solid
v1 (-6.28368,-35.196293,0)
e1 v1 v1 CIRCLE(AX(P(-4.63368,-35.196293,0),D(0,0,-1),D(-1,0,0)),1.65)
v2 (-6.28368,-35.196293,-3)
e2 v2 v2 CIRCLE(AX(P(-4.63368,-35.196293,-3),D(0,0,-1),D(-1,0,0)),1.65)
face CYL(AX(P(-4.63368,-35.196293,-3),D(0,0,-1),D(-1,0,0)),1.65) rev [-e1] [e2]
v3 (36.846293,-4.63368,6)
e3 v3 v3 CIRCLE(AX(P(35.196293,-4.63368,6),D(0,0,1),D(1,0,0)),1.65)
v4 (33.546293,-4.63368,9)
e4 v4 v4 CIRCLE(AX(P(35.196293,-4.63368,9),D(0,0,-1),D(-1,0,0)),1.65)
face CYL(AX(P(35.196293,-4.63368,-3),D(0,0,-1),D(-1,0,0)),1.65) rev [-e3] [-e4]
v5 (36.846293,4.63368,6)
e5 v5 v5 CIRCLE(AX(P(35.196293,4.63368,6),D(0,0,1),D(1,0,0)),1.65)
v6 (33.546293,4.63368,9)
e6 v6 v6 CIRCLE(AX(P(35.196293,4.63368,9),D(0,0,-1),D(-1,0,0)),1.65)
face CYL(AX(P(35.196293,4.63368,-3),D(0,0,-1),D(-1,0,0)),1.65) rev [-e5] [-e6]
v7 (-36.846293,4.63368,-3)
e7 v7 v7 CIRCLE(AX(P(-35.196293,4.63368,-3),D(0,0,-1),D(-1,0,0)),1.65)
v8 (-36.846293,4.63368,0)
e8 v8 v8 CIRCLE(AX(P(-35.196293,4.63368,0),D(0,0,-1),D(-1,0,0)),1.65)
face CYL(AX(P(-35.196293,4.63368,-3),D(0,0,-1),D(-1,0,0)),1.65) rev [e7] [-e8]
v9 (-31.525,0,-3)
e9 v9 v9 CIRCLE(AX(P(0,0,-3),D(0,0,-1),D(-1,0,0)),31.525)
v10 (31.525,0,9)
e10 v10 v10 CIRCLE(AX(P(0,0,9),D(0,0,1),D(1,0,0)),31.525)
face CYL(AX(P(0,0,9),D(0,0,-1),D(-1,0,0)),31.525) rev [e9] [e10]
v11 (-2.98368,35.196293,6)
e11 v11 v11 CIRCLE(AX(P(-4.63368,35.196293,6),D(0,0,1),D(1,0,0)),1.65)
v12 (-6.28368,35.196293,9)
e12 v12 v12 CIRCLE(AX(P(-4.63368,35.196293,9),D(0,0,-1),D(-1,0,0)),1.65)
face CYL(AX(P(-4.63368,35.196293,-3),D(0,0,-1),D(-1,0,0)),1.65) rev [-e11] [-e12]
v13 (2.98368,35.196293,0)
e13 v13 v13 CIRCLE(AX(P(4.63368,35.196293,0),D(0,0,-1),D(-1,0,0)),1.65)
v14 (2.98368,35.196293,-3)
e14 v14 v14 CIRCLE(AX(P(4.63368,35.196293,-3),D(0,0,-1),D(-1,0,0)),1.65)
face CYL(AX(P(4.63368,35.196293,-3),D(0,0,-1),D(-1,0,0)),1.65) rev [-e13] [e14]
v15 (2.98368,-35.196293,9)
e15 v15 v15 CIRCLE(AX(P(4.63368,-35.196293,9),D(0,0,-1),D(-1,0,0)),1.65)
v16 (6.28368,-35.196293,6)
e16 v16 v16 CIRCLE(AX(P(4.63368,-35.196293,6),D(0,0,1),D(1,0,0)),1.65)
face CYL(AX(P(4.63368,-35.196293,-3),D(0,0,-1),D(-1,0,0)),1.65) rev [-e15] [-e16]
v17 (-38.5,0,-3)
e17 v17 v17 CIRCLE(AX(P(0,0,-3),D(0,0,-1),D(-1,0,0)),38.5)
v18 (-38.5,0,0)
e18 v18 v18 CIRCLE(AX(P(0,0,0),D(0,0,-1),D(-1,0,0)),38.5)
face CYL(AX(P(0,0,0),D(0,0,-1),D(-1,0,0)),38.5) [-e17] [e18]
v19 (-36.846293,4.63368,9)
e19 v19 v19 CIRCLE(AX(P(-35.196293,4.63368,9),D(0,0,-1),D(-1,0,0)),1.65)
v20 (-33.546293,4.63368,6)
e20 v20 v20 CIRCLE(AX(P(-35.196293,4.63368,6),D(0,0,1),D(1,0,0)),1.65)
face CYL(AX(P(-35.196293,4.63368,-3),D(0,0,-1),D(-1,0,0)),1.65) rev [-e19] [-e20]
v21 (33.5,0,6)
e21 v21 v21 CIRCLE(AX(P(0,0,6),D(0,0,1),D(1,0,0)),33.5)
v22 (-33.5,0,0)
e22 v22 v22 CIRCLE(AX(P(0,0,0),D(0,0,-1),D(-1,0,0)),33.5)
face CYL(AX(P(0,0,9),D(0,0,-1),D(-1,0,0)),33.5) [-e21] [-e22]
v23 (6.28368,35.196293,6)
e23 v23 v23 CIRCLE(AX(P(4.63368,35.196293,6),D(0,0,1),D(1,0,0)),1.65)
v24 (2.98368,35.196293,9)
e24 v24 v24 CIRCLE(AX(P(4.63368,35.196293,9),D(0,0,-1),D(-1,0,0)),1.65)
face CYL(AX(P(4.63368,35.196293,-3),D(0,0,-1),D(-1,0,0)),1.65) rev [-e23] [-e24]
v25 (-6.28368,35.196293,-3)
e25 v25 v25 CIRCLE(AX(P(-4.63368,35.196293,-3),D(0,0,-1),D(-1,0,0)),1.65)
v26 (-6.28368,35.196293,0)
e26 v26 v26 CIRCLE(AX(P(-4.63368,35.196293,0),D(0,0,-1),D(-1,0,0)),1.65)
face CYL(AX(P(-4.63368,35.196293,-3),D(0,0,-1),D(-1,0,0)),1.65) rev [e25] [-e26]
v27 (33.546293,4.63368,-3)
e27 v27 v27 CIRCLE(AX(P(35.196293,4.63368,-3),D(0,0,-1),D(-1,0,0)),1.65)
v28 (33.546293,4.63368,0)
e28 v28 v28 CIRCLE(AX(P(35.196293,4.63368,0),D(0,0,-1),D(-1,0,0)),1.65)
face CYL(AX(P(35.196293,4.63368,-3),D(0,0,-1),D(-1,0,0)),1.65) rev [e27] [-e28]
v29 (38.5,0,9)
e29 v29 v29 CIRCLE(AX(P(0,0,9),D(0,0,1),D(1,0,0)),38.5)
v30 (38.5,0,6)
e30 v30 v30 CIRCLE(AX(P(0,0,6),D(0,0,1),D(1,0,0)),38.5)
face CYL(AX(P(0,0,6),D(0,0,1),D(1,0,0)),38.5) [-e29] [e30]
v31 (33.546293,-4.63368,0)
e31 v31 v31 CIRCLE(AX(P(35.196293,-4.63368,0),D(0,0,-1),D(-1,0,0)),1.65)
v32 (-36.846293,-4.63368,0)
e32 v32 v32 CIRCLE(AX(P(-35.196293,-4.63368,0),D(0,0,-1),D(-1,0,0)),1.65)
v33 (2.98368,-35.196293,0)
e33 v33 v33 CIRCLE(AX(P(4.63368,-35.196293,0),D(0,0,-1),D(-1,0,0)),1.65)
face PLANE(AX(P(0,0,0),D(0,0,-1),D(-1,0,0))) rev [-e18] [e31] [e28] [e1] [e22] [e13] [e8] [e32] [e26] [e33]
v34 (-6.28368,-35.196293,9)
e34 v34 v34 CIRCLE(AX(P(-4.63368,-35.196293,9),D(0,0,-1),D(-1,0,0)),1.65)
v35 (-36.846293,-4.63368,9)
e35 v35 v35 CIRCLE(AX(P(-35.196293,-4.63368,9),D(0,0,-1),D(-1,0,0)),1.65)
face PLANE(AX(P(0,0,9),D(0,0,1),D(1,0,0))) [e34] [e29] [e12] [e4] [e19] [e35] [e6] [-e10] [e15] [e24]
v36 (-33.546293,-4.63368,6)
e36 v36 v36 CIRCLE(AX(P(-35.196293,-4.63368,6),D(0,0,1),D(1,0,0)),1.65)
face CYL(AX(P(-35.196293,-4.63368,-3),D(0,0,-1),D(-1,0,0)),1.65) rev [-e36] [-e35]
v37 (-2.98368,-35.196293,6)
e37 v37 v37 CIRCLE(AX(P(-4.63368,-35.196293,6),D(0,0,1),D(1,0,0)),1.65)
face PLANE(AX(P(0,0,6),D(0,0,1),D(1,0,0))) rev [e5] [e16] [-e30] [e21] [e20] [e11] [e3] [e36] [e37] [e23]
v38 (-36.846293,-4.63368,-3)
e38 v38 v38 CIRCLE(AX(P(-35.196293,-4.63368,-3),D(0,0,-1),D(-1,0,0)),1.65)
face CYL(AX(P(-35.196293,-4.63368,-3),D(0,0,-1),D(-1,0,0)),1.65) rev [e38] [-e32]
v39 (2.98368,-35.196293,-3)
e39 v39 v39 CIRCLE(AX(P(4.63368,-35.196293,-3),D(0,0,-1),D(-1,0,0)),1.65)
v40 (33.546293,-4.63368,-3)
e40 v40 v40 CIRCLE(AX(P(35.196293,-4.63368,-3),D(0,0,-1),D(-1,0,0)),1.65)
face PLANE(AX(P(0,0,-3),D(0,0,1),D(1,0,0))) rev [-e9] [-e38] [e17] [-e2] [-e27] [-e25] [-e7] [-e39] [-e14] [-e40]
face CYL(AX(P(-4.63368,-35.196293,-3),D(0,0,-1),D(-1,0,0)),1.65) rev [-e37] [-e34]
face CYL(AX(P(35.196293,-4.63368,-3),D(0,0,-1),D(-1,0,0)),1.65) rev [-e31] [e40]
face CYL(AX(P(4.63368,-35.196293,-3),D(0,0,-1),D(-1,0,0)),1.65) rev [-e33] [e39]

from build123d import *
from build123d.topology import SkipClean

# Parameters (mm, degrees)
SKETCH1_R           = 33.5
SKETCH1_R_2         = 31.5
BOSS_EXTRUDE1_DEPTH = 9
BOSS_EXTRUDE2_START = -3
SKETCH1_2_R         = 33.5
BOSS_EXTRUDE2_DEPTH = 3
SKETCH2_R           = 38.5
SKETCH2_R_2         = 33.5
BOSS_EXTRUDE3_DEPTH = 3
BOSS_EXTRUDE4_START = -3
SKETCH3_R           = 38.5
SKETCH3_R_2         = 33.5
BOSS_EXTRUDE4_DEPTH = 3
SKETCH10_R          = 2
CUT_EXTRUDE1_DEPTH  = 10
M4_TAPPED_HOLE1_D   = 3.3
CIRPATTERN1_COUNT   = 4
SKETCH14_R          = 31.525
CUT_EXTRUDE2_DEPTH  = 56.186048962
SKETCH15_R          = 31.525
CUT_EXTRUDE3_DEPTH  = 10


with BuildPart() as part:
    # Sketch1 → Boss-Extrude1 (new body)
    with BuildSketch(Plane.XY):
        Circle(SKETCH1_R)
        Circle(SKETCH1_R_2, mode=Mode.SUBTRACT)
    extrude(amount=BOSS_EXTRUDE1_DEPTH)

    # Sketch1<2> → Boss-Extrude2 (add)
    with BuildSketch(Plane.XY.offset(BOSS_EXTRUDE2_START)):
        Circle(SKETCH1_2_R)
    extrude(amount=BOSS_EXTRUDE2_DEPTH)

    # Sketch2 → Boss-Extrude3 (add)
    with BuildSketch(Plane(origin=(0, 0, -3), x_dir=(-1, 0, 0), z_dir=(0, 0, -1))):
        Circle(SKETCH2_R)
        Circle(SKETCH2_R_2, mode=Mode.SUBTRACT)
    extrude(amount=-BOSS_EXTRUDE3_DEPTH)

    # Sketch3 → Boss-Extrude4 (add)
    with BuildSketch(Plane.XY.offset(9).offset(BOSS_EXTRUDE4_START)):
        Circle(SKETCH3_R)
        Circle(SKETCH3_R_2, mode=Mode.SUBTRACT)
    extrude(amount=BOSS_EXTRUDE4_DEPTH)

    # Sketch10 → Cut-Extrude1 (cut)
    with BuildSketch(Plane(origin=(0, 0, -3), x_dir=(-1, 0, 0), z_dir=(0, 0, -1))):
        with Locations((0, 11)):
            Circle(SKETCH10_R)
        with Locations((11, 0)):
            Circle(SKETCH10_R)
        with Locations((0, -11)):
            Circle(SKETCH10_R)
        with Locations((-11, 0)):
            Circle(SKETCH10_R)
    extrude(amount=-CUT_EXTRUDE1_DEPTH, mode=Mode.SUBTRACT)

    # M4 Tapped Hole1 (through all)
    with Locations(Plane(origin=(0, 0, -3), x_dir=(-1, 0, 0), z_dir=(0, 0, -1))):
        with Locations((-4.633679824, 35.196292579), (4.633679824, 35.196292579)):
            m4_tapped_hole1 = Hole(M4_TAPPED_HOLE1_D / 2)

    # CirPattern1: M4 Tapped Hole1 ×4 about axis
    cirpattern1_axis = Axis((0, 0, 9), (0, 0, -1))
    for i in range(1, CIRPATTERN1_COUNT):
        add(m4_tapped_hole1.rotate(cirpattern1_axis, i * 360 / CIRPATTERN1_COUNT), mode=Mode.SUBTRACT)

    # Sketch14 → Cut-Extrude2 (cut, through all)
    with BuildSketch(Plane.XY):
        Circle(SKETCH14_R)
    extrude(amount=CUT_EXTRUDE2_DEPTH, mode=Mode.SUBTRACT)

    # Sketch15 → Cut-Extrude3 (cut)
    with SkipClean():  # the faces are left unmerged after this step: merging them gives an invalid solid
        with BuildSketch(Plane(origin=(0, 0, -3), x_dir=(-1, 0, 0), z_dir=(0, 0, -1))):
            Circle(SKETCH15_R)
        extrude(amount=-CUT_EXTRUDE3_DEPTH, mode=Mode.SUBTRACT)


solid = part.part
